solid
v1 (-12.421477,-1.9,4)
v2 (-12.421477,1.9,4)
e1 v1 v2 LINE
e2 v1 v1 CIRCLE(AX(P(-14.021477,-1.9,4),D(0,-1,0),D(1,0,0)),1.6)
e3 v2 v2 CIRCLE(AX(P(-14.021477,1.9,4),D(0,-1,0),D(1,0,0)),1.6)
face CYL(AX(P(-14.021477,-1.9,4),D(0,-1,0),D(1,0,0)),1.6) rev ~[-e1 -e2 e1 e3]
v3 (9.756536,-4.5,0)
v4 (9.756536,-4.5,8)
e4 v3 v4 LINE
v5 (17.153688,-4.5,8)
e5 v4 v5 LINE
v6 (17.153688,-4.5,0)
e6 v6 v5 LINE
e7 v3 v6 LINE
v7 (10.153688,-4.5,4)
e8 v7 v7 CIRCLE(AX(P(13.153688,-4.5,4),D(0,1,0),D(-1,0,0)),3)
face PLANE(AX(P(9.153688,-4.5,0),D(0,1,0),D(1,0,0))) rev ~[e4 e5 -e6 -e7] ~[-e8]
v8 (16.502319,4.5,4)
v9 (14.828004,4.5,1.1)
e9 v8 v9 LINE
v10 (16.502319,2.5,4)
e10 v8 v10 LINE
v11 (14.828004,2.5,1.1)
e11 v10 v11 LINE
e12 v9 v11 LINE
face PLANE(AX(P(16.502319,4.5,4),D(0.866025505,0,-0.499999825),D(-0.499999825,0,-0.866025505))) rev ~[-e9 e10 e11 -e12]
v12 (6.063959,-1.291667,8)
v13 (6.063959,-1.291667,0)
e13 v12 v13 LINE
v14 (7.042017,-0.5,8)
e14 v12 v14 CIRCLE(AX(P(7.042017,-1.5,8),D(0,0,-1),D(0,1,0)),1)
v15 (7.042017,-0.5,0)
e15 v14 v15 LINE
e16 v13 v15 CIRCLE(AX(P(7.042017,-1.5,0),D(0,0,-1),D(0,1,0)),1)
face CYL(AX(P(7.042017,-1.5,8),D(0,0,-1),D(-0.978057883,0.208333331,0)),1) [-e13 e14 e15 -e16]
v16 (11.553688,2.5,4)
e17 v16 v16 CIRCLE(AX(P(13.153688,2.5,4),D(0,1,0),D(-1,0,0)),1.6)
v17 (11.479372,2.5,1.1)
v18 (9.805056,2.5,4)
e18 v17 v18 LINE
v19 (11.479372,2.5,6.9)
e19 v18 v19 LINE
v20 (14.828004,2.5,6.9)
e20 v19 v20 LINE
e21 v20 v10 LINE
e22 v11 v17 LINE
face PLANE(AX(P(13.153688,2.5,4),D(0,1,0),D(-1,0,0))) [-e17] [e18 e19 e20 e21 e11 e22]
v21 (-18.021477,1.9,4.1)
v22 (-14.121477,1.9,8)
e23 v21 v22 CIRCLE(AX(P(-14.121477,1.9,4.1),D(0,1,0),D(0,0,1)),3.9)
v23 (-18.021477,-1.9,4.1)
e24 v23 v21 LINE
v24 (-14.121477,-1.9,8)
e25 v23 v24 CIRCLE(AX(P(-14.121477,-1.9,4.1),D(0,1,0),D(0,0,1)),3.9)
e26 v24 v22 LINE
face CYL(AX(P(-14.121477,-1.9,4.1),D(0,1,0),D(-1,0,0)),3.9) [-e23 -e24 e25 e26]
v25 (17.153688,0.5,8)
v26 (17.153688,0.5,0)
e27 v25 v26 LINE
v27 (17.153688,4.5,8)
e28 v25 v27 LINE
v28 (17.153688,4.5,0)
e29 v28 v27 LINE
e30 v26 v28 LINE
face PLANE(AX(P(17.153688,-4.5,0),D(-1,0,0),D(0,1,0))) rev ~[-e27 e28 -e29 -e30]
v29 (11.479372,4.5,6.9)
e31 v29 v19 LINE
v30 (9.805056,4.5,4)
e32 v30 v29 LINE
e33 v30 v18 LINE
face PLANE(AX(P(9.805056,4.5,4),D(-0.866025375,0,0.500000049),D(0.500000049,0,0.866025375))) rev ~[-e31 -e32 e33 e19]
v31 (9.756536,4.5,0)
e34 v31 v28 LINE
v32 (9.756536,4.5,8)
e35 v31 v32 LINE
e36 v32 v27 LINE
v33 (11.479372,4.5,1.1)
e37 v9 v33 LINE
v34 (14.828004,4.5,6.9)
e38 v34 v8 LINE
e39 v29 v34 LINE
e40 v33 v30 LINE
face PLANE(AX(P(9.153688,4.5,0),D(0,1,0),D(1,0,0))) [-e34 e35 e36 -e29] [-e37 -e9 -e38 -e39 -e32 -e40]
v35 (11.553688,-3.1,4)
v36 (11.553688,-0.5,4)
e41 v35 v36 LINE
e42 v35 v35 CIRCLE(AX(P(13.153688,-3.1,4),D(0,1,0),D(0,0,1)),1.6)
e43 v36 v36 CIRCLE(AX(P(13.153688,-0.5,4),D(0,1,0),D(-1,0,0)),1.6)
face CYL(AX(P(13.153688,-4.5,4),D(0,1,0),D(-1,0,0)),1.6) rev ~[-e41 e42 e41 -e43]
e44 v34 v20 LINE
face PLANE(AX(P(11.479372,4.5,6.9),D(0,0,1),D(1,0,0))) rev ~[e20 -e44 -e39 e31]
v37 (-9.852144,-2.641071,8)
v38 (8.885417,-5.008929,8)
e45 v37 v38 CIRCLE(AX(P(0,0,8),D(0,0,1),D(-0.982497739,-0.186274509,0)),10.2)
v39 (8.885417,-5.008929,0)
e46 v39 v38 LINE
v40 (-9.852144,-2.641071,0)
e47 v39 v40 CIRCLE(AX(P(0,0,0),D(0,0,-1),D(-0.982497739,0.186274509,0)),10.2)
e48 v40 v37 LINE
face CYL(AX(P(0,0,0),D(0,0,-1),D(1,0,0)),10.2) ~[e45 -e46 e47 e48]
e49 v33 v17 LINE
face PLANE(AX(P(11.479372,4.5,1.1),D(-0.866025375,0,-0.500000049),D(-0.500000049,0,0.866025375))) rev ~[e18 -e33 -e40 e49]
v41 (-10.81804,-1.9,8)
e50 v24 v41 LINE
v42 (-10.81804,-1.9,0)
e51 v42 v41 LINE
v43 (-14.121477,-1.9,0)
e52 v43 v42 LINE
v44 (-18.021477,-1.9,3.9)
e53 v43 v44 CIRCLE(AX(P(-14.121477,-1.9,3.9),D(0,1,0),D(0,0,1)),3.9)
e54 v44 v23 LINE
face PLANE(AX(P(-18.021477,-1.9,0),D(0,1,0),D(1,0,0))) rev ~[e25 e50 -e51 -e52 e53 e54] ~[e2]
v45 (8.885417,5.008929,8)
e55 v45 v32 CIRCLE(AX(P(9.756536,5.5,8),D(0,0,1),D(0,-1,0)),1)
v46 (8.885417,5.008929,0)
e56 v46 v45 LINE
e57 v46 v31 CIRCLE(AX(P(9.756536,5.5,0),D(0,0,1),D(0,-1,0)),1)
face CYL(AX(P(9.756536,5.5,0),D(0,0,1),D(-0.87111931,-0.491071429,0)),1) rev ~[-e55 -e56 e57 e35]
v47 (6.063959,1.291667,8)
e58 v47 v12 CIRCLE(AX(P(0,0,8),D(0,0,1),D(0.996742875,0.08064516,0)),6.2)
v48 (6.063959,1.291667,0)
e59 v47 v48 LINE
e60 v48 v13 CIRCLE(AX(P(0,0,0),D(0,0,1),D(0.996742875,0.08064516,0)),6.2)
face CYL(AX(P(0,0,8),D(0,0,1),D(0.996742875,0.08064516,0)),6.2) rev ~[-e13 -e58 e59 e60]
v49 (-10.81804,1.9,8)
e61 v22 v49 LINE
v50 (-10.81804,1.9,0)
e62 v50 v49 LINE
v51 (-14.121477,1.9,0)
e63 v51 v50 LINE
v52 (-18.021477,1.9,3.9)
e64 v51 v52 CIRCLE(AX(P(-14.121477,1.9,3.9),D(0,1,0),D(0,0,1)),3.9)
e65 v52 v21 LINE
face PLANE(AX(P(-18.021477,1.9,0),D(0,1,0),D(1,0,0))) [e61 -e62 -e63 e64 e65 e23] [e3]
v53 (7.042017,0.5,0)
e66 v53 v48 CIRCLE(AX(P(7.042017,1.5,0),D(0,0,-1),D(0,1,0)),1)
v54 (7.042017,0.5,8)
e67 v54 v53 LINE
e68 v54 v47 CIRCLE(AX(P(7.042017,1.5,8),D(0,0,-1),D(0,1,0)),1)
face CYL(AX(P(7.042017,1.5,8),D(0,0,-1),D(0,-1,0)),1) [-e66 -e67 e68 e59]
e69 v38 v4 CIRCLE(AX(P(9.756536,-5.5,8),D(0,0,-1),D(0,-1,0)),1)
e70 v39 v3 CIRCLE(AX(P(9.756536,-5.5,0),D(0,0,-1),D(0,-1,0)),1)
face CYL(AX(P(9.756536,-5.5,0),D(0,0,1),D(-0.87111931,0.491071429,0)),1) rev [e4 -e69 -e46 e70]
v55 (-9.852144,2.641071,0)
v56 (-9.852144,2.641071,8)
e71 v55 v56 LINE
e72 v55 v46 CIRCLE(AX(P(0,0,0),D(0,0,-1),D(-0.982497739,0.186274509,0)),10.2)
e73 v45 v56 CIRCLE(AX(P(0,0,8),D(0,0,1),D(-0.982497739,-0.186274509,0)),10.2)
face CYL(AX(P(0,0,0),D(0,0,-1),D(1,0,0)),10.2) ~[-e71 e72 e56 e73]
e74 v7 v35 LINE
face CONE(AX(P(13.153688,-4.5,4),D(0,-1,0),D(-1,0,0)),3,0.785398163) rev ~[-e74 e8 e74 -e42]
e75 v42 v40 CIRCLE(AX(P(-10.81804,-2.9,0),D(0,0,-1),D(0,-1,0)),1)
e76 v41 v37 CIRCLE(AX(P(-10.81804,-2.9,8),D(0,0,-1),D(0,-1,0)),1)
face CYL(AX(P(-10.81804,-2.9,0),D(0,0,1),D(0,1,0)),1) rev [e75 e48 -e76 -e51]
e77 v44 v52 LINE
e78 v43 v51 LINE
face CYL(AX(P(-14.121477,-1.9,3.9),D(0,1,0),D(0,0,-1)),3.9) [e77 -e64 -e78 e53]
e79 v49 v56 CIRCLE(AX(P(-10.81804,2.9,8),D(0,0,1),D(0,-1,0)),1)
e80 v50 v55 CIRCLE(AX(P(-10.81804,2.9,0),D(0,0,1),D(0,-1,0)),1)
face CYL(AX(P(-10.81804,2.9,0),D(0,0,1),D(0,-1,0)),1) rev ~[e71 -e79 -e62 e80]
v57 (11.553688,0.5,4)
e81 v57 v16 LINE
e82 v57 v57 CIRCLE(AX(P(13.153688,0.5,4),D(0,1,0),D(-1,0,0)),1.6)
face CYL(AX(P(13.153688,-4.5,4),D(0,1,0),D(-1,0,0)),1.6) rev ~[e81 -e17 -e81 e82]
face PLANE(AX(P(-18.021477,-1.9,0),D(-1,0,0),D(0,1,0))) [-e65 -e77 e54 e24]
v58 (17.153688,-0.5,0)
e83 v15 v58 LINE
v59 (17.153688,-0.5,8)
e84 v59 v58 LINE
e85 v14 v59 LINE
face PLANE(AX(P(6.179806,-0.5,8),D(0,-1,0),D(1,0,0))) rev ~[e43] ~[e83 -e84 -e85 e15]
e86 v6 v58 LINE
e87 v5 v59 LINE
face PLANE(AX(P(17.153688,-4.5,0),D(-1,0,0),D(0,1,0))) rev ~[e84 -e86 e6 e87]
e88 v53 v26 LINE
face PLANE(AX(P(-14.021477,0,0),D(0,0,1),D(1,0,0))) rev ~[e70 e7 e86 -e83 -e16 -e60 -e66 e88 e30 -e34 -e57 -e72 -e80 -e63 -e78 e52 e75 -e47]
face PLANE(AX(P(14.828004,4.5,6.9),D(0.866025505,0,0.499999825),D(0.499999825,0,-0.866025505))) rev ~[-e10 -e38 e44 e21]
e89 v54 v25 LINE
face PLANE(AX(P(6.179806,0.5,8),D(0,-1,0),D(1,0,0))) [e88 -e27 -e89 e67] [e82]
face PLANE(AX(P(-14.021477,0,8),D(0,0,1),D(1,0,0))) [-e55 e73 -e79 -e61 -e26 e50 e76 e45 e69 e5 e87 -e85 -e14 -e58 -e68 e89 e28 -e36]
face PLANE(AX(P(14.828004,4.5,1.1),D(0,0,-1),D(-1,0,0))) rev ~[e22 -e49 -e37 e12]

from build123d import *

# Parameters (mm, degrees)
SKETCH_R         = 10.2
PAD_DEPTH        = 8
SKETCH002_W      = 8
SKETCH002_H      = 3.8
PAD001_DEPTH     = 8
SKETCH003_W      = 8
SKETCH003_H      = 9
PAD002_DEPTH     = 8
POCKET_DEPTH     = 8.001
SKETCH005_R      = 1.6
POCKET001_DEPTH  = 12.101
HOLE_D           = 3.2
HOLE_CSINK_D     = 6
HOLE_CSINK_ANGLE = 90
POCKET003_DEPTH  = 2
FILLET_R         = 3.9
FILLET001_R      = 1


with BuildPart() as part:
    # Sketch → Pad (new body)
    with BuildSketch(Plane.XY):
        Circle(SKETCH_R)
    extrude(amount=PAD_DEPTH)

    # Sketch002 → Pad001 (join)
    with BuildSketch(Plane.XY):
        with Locations((-14.021477, 0)):
            Rectangle(SKETCH002_W, SKETCH002_H)
    extrude(amount=PAD001_DEPTH)

    # Sketch003 → Pad002 (join)
    with BuildSketch(Plane.XY):
        with Locations((13.153688, 0)):
            Rectangle(SKETCH003_W, SKETCH003_H)
    extrude(amount=PAD002_DEPTH)

    # Sketch004 (on Face10 of Pad002) → Pocket (cut, through all)
    with BuildSketch(Plane.XY.offset(8)):
        with BuildLine():
            ThreePointArc((6.179806, 0.5), (-6.2, 0), (6.179806, -0.5))
            Line((6.179806, -0.5), (17.153688, -0.5))
            Line((17.153688, -0.5), (17.153688, 0.5))
            Line((6.179806, 0.5), (17.153688, 0.5))
        make_face()
    extrude(amount=-POCKET_DEPTH, mode=Mode.SUBTRACT)

    # Sketch005 (on Face7 of Pocket) → Pocket001 (cut, through all)
    with BuildSketch(Plane.XZ.offset(1.9)):
        with Locations((-14.021477, 4)):
            Circle(SKETCH005_R)
    extrude(amount=-POCKET001_DEPTH, mode=Mode.SUBTRACT)

    # Hole (through all)
    with Locations(Plane.XZ.offset(4.5)):
        with Locations((13.153688, 4)):
            CounterSinkHole(HOLE_D / 2, HOLE_CSINK_D / 2, counter_sink_angle=HOLE_CSINK_ANGLE)

    # Sketch007 → Pocket003 (cut)
    with BuildSketch(Plane(origin=(0, 4.5, 0), x_dir=(-1, 0, 0), z_dir=(0, 1, 0))):
        Polygon((-9.805056, 4), (-11.479372, 6.9), (-14.828004, 6.9), (-16.502319, 4), (-14.828004, 1.1), (-11.479372, 1.1), align=None)
    extrude(amount=-POCKET003_DEPTH, mode=Mode.SUBTRACT)

    # Fillet
    fillet_edges = [part.edges().sort_by_distance(p)[0] for p in [
        (-18.021477, 0, 8),
        (-18.021477, 0, 0),
    ]]
    fillet(fillet_edges, radius=FILLET_R)

    # Fillet001
    fillet001_edges = [part.edges().sort_by_distance(p)[0] for p in [
        (9.153688, 4.5, 4),
        (9.153688, -4.5, 4),
        (-10.021477, -1.9, 4),
        (-10.021477, 1.9, 4),
        (6.179806, -0.5, 4),
        (6.179806, 0.5, 4),
    ]]
    fillet(fillet001_edges, radius=FILLET001_R)


solid = part.part
